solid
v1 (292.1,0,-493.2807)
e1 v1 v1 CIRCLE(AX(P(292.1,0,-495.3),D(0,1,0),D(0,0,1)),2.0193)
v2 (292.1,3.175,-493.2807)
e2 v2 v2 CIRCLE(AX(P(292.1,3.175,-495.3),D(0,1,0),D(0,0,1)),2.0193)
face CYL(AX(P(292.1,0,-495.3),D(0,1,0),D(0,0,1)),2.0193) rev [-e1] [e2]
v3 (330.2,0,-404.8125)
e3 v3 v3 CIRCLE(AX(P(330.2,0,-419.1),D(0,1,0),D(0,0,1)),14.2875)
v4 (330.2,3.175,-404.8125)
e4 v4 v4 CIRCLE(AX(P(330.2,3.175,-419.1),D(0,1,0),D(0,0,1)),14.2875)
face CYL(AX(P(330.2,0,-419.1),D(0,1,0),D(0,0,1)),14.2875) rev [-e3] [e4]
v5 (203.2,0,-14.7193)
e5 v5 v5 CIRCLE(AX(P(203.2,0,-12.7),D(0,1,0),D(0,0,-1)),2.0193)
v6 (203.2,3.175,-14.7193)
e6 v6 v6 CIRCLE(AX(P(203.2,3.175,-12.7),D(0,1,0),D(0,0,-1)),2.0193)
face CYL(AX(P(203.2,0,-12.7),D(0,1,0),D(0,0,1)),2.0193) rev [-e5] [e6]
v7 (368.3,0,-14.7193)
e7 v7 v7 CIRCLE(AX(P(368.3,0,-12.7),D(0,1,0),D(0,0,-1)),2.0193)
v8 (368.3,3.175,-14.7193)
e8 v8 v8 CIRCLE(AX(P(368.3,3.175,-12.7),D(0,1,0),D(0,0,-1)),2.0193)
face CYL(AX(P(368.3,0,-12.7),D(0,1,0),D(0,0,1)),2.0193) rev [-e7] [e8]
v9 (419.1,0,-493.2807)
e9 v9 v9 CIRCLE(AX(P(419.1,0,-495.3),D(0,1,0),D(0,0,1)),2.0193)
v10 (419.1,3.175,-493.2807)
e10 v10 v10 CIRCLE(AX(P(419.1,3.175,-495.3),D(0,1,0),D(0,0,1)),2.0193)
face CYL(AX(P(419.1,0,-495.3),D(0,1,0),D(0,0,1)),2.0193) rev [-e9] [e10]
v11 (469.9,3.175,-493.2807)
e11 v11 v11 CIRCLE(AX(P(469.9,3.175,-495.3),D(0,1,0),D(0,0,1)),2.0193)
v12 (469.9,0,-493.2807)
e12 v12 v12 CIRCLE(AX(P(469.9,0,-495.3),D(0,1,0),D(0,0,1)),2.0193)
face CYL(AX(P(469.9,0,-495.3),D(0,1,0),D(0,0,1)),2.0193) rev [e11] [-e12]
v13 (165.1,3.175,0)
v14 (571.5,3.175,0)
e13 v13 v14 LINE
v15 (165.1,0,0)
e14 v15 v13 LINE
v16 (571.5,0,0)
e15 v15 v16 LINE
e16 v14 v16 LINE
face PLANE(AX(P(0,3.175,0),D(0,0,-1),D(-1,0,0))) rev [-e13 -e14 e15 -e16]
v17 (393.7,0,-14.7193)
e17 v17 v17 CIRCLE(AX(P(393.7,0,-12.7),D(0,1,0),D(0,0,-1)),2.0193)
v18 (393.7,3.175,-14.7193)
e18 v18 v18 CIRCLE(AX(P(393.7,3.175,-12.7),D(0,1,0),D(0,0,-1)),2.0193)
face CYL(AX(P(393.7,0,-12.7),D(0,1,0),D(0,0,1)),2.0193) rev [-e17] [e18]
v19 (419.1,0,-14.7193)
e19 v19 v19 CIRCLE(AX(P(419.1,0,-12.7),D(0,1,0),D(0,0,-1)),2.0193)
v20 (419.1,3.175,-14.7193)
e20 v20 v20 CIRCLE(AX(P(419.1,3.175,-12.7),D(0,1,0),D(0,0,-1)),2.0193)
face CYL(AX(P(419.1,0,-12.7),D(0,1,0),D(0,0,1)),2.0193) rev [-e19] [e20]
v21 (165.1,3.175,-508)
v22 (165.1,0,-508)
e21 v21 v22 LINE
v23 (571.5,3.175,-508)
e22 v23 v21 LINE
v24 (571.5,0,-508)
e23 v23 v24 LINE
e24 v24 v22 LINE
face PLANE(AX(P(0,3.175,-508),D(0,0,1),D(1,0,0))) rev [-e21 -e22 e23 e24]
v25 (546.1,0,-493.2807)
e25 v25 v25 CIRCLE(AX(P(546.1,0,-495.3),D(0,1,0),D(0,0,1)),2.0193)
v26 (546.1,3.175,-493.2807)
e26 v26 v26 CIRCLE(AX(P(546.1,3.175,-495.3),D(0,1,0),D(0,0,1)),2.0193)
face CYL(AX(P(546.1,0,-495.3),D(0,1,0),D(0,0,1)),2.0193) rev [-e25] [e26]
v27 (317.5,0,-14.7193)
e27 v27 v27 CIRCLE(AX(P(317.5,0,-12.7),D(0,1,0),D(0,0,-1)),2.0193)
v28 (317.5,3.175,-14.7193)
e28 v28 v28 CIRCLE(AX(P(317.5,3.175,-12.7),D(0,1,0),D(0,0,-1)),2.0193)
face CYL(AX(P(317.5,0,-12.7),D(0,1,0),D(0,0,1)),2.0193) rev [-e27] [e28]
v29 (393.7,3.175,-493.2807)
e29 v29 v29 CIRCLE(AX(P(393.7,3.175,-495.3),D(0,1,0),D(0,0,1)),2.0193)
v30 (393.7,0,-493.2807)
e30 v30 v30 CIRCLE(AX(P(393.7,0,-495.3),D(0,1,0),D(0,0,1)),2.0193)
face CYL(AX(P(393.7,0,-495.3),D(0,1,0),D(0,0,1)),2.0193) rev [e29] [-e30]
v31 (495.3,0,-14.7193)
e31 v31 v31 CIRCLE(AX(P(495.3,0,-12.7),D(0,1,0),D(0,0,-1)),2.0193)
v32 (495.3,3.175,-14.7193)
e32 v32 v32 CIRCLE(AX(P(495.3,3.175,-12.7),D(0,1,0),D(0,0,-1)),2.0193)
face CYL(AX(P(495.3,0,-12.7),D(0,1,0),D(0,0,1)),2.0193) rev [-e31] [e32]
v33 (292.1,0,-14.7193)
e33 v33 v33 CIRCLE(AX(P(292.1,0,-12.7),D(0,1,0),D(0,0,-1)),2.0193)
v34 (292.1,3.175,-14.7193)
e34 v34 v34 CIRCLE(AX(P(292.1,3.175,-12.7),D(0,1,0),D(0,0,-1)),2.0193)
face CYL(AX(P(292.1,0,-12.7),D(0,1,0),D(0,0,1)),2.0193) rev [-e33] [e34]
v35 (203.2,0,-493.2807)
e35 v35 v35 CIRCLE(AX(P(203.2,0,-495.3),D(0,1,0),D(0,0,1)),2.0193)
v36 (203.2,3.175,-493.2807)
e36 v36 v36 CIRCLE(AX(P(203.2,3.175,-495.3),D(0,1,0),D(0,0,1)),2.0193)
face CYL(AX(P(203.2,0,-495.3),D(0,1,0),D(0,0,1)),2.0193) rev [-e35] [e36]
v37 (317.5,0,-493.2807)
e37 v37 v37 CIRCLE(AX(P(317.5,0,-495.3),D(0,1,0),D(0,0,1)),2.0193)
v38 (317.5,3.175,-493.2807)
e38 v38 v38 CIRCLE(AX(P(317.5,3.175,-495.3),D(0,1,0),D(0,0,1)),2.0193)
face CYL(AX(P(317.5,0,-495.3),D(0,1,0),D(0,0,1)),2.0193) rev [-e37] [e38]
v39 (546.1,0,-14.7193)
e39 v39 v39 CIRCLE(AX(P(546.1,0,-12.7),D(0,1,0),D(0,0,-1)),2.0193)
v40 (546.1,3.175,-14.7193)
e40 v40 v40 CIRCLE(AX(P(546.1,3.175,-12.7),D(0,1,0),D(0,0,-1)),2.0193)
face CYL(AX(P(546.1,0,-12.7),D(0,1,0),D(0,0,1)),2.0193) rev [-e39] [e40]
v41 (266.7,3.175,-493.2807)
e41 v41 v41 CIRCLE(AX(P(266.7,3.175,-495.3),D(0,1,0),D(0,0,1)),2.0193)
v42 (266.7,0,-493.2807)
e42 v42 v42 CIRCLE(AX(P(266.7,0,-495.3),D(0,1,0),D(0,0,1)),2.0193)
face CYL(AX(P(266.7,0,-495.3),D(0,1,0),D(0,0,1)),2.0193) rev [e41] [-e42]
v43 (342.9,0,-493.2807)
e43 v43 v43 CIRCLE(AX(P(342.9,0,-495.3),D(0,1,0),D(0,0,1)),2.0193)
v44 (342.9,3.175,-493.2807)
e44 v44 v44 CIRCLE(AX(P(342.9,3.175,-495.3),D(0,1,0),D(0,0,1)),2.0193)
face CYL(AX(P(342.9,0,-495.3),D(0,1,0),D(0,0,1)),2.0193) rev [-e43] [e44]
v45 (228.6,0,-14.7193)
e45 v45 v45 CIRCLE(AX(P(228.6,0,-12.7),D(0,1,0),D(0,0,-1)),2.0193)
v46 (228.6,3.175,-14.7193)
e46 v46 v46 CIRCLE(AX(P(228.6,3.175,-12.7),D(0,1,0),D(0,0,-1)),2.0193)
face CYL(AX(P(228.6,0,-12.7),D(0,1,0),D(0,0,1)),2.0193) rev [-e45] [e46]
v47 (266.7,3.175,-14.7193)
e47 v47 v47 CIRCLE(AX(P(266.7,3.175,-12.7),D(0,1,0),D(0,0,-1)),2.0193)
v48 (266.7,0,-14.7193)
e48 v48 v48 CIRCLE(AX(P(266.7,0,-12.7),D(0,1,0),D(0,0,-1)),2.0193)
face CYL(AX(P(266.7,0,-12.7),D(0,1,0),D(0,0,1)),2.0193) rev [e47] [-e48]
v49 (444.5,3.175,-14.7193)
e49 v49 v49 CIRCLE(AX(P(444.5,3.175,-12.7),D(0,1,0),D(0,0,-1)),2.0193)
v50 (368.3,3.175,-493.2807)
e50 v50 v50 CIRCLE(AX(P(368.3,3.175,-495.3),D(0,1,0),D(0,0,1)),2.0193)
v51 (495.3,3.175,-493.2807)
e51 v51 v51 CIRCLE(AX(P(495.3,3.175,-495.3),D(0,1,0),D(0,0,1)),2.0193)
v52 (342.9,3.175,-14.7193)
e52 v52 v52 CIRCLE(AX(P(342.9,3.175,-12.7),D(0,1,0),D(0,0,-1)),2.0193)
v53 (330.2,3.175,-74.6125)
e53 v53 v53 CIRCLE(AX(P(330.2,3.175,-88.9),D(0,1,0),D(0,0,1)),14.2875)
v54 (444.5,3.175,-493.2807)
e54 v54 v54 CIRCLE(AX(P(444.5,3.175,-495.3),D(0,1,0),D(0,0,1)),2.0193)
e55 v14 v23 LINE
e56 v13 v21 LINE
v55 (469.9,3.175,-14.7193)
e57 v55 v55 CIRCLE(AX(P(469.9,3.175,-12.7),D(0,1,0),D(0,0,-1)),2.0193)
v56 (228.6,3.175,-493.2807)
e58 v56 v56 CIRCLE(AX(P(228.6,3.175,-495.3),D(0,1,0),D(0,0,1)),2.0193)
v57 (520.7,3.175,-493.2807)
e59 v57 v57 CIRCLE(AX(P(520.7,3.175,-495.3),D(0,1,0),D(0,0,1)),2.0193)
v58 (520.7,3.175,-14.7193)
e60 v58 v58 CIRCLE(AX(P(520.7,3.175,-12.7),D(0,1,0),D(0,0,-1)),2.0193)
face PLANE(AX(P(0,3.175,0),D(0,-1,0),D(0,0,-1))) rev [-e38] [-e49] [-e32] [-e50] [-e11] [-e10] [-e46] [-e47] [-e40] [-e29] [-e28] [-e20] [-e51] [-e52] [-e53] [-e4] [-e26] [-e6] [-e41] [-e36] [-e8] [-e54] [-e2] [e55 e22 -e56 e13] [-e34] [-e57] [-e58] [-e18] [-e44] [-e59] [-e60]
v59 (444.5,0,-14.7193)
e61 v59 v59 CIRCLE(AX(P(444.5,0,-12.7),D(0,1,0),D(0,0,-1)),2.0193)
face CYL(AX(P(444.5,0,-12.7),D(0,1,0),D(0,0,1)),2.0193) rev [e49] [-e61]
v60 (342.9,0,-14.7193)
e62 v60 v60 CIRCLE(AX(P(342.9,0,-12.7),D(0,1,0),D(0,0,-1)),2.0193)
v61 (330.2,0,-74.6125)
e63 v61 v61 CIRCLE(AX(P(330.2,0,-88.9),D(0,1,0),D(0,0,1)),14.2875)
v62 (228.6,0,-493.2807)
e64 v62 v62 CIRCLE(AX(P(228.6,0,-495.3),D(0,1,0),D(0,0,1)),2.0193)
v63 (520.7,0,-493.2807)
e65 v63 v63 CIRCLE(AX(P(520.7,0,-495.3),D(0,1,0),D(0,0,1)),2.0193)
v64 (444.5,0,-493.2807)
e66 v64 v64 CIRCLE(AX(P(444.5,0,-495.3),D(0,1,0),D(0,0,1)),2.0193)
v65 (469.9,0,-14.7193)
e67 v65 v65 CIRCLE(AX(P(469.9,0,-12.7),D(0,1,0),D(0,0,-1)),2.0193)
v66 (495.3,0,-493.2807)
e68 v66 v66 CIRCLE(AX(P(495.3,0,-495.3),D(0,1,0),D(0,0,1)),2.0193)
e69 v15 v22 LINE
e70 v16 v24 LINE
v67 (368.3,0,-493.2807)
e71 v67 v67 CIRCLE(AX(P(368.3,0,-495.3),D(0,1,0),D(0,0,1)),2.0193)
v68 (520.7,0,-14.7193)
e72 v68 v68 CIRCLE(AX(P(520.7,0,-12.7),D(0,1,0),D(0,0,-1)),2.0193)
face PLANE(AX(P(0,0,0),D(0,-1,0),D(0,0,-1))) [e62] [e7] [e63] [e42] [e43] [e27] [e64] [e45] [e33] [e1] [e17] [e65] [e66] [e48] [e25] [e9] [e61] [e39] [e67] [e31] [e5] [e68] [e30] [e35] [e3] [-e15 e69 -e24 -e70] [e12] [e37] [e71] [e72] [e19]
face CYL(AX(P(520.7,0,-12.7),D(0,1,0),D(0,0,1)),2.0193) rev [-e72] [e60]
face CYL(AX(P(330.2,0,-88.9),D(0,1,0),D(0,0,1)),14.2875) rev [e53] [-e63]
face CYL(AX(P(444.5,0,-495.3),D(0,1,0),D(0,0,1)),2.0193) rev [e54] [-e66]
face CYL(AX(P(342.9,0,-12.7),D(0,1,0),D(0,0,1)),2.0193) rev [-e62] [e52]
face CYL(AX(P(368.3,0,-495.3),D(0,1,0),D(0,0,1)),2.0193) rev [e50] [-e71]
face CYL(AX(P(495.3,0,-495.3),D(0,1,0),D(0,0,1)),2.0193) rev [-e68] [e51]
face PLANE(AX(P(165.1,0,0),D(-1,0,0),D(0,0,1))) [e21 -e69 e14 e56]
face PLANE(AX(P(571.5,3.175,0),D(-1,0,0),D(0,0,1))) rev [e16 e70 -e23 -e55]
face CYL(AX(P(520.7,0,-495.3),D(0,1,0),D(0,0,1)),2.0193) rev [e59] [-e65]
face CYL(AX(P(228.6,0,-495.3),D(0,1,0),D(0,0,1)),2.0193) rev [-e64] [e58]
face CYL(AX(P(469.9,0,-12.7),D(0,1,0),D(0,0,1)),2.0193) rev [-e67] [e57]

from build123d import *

# Parameters (mm, degrees)
SKETCH1_W               = 571.5
SKETCH1_H               = 508
BOSS_EXTRUDE1_DEPTH     = 3.175
SKETCH2_R               = 14.2875
CUT_EXTRUDE1_DEPTH      = 3.175
SKETCH4_R               = 2.0193
CUT_EXTRUDE3_DEPTH      = 1
CUT_EXTRUDE3_DEPTH_BACK = 4.175
SKETCH5_W               = 619.579537293
SKETCH5_H               = 89.035098343
CUT_EXTRUDE4_DEPTH      = 165.1


with BuildPart() as part:
    # Sketch1 → Boss-Extrude1 (new body)
    with BuildSketch(Plane(origin=(0, 0, 0), x_dir=(1, 0, 0), z_dir=(0, 1, 0))):
        with Locations((285.75, 254)):
            Rectangle(SKETCH1_W, SKETCH1_H)
    extrude(amount=BOSS_EXTRUDE1_DEPTH)

    # Sketch2 → Cut-Extrude1 (cut)
    with BuildSketch(Plane(origin=(0, 3.175, 0), x_dir=(1, 0, 0), z_dir=(0, 1, 0))):
        with Locations((330.2, 419.1)):
            Circle(SKETCH2_R)
        with Locations((330.2, 88.9)):
            Circle(SKETCH2_R)
    extrude(amount=-CUT_EXTRUDE1_DEPTH, mode=Mode.SUBTRACT)

    # Sketch4 → Cut-Extrude3 (cut, two sides)
    with BuildSketch(Plane(origin=(0, 3.175, 0), x_dir=(1, 0, 0), z_dir=(0, 1, 0))) as cut_extrude3_sk:
        with Locations((546.1, 495.3)):
            Circle(SKETCH4_R)
        with Locations((520.7, 495.3)):
            Circle(SKETCH4_R)
        with Locations((495.3, 495.3)):
            Circle(SKETCH4_R)
        with Locations((469.9, 495.3)):
            Circle(SKETCH4_R)
        with Locations((444.5, 495.3)):
            Circle(SKETCH4_R)
        with Locations((419.1, 495.3)):
            Circle(SKETCH4_R)
        with Locations((393.7, 495.3)):
            Circle(SKETCH4_R)
        with Locations((368.3, 495.3)):
            Circle(SKETCH4_R)
        with Locations((342.9, 495.3)):
            Circle(SKETCH4_R)
        with Locations((317.5, 495.3)):
            Circle(SKETCH4_R)
        with Locations((292.1, 495.3)):
            Circle(SKETCH4_R)
        with Locations((266.7, 495.3)):
            Circle(SKETCH4_R)
        with Locations((228.6, 495.3)):
            Circle(SKETCH4_R)
        with Locations((203.2, 495.3)):
            Circle(SKETCH4_R)
        with Locations((203.2, 12.7)):
            Circle(SKETCH4_R)
        with Locations((228.6, 12.7)):
            Circle(SKETCH4_R)
        with Locations((266.7, 12.7)):
            Circle(SKETCH4_R)
        with Locations((292.1, 12.7)):
            Circle(SKETCH4_R)
        with Locations((317.5, 12.7)):
            Circle(SKETCH4_R)
        with Locations((342.9, 12.7)):
            Circle(SKETCH4_R)
        with Locations((368.3, 12.7)):
            Circle(SKETCH4_R)
        with Locations((393.7, 12.7)):
            Circle(SKETCH4_R)
        with Locations((419.1, 12.7)):
            Circle(SKETCH4_R)
        with Locations((444.5, 12.7)):
            Circle(SKETCH4_R)
        with Locations((469.9, 12.7)):
            Circle(SKETCH4_R)
        with Locations((495.3, 12.7)):
            Circle(SKETCH4_R)
        with Locations((520.7, 12.7)):
            Circle(SKETCH4_R)
        with Locations((546.1, 12.7)):
            Circle(SKETCH4_R)
    extrude(amount=CUT_EXTRUDE3_DEPTH, mode=Mode.SUBTRACT)
    extrude(cut_extrude3_sk.sketch, amount=-CUT_EXTRUDE3_DEPTH_BACK, mode=Mode.SUBTRACT)

    # Sketch5 → Cut-Extrude4 (cut)
    with BuildSketch(Plane.ZY):
        with Locations((-257.641209254, 26.710529503)):
            Rectangle(SKETCH5_W, SKETCH5_H)
    extrude(amount=-CUT_EXTRUDE4_DEPTH, mode=Mode.SUBTRACT)


solid = part.part
